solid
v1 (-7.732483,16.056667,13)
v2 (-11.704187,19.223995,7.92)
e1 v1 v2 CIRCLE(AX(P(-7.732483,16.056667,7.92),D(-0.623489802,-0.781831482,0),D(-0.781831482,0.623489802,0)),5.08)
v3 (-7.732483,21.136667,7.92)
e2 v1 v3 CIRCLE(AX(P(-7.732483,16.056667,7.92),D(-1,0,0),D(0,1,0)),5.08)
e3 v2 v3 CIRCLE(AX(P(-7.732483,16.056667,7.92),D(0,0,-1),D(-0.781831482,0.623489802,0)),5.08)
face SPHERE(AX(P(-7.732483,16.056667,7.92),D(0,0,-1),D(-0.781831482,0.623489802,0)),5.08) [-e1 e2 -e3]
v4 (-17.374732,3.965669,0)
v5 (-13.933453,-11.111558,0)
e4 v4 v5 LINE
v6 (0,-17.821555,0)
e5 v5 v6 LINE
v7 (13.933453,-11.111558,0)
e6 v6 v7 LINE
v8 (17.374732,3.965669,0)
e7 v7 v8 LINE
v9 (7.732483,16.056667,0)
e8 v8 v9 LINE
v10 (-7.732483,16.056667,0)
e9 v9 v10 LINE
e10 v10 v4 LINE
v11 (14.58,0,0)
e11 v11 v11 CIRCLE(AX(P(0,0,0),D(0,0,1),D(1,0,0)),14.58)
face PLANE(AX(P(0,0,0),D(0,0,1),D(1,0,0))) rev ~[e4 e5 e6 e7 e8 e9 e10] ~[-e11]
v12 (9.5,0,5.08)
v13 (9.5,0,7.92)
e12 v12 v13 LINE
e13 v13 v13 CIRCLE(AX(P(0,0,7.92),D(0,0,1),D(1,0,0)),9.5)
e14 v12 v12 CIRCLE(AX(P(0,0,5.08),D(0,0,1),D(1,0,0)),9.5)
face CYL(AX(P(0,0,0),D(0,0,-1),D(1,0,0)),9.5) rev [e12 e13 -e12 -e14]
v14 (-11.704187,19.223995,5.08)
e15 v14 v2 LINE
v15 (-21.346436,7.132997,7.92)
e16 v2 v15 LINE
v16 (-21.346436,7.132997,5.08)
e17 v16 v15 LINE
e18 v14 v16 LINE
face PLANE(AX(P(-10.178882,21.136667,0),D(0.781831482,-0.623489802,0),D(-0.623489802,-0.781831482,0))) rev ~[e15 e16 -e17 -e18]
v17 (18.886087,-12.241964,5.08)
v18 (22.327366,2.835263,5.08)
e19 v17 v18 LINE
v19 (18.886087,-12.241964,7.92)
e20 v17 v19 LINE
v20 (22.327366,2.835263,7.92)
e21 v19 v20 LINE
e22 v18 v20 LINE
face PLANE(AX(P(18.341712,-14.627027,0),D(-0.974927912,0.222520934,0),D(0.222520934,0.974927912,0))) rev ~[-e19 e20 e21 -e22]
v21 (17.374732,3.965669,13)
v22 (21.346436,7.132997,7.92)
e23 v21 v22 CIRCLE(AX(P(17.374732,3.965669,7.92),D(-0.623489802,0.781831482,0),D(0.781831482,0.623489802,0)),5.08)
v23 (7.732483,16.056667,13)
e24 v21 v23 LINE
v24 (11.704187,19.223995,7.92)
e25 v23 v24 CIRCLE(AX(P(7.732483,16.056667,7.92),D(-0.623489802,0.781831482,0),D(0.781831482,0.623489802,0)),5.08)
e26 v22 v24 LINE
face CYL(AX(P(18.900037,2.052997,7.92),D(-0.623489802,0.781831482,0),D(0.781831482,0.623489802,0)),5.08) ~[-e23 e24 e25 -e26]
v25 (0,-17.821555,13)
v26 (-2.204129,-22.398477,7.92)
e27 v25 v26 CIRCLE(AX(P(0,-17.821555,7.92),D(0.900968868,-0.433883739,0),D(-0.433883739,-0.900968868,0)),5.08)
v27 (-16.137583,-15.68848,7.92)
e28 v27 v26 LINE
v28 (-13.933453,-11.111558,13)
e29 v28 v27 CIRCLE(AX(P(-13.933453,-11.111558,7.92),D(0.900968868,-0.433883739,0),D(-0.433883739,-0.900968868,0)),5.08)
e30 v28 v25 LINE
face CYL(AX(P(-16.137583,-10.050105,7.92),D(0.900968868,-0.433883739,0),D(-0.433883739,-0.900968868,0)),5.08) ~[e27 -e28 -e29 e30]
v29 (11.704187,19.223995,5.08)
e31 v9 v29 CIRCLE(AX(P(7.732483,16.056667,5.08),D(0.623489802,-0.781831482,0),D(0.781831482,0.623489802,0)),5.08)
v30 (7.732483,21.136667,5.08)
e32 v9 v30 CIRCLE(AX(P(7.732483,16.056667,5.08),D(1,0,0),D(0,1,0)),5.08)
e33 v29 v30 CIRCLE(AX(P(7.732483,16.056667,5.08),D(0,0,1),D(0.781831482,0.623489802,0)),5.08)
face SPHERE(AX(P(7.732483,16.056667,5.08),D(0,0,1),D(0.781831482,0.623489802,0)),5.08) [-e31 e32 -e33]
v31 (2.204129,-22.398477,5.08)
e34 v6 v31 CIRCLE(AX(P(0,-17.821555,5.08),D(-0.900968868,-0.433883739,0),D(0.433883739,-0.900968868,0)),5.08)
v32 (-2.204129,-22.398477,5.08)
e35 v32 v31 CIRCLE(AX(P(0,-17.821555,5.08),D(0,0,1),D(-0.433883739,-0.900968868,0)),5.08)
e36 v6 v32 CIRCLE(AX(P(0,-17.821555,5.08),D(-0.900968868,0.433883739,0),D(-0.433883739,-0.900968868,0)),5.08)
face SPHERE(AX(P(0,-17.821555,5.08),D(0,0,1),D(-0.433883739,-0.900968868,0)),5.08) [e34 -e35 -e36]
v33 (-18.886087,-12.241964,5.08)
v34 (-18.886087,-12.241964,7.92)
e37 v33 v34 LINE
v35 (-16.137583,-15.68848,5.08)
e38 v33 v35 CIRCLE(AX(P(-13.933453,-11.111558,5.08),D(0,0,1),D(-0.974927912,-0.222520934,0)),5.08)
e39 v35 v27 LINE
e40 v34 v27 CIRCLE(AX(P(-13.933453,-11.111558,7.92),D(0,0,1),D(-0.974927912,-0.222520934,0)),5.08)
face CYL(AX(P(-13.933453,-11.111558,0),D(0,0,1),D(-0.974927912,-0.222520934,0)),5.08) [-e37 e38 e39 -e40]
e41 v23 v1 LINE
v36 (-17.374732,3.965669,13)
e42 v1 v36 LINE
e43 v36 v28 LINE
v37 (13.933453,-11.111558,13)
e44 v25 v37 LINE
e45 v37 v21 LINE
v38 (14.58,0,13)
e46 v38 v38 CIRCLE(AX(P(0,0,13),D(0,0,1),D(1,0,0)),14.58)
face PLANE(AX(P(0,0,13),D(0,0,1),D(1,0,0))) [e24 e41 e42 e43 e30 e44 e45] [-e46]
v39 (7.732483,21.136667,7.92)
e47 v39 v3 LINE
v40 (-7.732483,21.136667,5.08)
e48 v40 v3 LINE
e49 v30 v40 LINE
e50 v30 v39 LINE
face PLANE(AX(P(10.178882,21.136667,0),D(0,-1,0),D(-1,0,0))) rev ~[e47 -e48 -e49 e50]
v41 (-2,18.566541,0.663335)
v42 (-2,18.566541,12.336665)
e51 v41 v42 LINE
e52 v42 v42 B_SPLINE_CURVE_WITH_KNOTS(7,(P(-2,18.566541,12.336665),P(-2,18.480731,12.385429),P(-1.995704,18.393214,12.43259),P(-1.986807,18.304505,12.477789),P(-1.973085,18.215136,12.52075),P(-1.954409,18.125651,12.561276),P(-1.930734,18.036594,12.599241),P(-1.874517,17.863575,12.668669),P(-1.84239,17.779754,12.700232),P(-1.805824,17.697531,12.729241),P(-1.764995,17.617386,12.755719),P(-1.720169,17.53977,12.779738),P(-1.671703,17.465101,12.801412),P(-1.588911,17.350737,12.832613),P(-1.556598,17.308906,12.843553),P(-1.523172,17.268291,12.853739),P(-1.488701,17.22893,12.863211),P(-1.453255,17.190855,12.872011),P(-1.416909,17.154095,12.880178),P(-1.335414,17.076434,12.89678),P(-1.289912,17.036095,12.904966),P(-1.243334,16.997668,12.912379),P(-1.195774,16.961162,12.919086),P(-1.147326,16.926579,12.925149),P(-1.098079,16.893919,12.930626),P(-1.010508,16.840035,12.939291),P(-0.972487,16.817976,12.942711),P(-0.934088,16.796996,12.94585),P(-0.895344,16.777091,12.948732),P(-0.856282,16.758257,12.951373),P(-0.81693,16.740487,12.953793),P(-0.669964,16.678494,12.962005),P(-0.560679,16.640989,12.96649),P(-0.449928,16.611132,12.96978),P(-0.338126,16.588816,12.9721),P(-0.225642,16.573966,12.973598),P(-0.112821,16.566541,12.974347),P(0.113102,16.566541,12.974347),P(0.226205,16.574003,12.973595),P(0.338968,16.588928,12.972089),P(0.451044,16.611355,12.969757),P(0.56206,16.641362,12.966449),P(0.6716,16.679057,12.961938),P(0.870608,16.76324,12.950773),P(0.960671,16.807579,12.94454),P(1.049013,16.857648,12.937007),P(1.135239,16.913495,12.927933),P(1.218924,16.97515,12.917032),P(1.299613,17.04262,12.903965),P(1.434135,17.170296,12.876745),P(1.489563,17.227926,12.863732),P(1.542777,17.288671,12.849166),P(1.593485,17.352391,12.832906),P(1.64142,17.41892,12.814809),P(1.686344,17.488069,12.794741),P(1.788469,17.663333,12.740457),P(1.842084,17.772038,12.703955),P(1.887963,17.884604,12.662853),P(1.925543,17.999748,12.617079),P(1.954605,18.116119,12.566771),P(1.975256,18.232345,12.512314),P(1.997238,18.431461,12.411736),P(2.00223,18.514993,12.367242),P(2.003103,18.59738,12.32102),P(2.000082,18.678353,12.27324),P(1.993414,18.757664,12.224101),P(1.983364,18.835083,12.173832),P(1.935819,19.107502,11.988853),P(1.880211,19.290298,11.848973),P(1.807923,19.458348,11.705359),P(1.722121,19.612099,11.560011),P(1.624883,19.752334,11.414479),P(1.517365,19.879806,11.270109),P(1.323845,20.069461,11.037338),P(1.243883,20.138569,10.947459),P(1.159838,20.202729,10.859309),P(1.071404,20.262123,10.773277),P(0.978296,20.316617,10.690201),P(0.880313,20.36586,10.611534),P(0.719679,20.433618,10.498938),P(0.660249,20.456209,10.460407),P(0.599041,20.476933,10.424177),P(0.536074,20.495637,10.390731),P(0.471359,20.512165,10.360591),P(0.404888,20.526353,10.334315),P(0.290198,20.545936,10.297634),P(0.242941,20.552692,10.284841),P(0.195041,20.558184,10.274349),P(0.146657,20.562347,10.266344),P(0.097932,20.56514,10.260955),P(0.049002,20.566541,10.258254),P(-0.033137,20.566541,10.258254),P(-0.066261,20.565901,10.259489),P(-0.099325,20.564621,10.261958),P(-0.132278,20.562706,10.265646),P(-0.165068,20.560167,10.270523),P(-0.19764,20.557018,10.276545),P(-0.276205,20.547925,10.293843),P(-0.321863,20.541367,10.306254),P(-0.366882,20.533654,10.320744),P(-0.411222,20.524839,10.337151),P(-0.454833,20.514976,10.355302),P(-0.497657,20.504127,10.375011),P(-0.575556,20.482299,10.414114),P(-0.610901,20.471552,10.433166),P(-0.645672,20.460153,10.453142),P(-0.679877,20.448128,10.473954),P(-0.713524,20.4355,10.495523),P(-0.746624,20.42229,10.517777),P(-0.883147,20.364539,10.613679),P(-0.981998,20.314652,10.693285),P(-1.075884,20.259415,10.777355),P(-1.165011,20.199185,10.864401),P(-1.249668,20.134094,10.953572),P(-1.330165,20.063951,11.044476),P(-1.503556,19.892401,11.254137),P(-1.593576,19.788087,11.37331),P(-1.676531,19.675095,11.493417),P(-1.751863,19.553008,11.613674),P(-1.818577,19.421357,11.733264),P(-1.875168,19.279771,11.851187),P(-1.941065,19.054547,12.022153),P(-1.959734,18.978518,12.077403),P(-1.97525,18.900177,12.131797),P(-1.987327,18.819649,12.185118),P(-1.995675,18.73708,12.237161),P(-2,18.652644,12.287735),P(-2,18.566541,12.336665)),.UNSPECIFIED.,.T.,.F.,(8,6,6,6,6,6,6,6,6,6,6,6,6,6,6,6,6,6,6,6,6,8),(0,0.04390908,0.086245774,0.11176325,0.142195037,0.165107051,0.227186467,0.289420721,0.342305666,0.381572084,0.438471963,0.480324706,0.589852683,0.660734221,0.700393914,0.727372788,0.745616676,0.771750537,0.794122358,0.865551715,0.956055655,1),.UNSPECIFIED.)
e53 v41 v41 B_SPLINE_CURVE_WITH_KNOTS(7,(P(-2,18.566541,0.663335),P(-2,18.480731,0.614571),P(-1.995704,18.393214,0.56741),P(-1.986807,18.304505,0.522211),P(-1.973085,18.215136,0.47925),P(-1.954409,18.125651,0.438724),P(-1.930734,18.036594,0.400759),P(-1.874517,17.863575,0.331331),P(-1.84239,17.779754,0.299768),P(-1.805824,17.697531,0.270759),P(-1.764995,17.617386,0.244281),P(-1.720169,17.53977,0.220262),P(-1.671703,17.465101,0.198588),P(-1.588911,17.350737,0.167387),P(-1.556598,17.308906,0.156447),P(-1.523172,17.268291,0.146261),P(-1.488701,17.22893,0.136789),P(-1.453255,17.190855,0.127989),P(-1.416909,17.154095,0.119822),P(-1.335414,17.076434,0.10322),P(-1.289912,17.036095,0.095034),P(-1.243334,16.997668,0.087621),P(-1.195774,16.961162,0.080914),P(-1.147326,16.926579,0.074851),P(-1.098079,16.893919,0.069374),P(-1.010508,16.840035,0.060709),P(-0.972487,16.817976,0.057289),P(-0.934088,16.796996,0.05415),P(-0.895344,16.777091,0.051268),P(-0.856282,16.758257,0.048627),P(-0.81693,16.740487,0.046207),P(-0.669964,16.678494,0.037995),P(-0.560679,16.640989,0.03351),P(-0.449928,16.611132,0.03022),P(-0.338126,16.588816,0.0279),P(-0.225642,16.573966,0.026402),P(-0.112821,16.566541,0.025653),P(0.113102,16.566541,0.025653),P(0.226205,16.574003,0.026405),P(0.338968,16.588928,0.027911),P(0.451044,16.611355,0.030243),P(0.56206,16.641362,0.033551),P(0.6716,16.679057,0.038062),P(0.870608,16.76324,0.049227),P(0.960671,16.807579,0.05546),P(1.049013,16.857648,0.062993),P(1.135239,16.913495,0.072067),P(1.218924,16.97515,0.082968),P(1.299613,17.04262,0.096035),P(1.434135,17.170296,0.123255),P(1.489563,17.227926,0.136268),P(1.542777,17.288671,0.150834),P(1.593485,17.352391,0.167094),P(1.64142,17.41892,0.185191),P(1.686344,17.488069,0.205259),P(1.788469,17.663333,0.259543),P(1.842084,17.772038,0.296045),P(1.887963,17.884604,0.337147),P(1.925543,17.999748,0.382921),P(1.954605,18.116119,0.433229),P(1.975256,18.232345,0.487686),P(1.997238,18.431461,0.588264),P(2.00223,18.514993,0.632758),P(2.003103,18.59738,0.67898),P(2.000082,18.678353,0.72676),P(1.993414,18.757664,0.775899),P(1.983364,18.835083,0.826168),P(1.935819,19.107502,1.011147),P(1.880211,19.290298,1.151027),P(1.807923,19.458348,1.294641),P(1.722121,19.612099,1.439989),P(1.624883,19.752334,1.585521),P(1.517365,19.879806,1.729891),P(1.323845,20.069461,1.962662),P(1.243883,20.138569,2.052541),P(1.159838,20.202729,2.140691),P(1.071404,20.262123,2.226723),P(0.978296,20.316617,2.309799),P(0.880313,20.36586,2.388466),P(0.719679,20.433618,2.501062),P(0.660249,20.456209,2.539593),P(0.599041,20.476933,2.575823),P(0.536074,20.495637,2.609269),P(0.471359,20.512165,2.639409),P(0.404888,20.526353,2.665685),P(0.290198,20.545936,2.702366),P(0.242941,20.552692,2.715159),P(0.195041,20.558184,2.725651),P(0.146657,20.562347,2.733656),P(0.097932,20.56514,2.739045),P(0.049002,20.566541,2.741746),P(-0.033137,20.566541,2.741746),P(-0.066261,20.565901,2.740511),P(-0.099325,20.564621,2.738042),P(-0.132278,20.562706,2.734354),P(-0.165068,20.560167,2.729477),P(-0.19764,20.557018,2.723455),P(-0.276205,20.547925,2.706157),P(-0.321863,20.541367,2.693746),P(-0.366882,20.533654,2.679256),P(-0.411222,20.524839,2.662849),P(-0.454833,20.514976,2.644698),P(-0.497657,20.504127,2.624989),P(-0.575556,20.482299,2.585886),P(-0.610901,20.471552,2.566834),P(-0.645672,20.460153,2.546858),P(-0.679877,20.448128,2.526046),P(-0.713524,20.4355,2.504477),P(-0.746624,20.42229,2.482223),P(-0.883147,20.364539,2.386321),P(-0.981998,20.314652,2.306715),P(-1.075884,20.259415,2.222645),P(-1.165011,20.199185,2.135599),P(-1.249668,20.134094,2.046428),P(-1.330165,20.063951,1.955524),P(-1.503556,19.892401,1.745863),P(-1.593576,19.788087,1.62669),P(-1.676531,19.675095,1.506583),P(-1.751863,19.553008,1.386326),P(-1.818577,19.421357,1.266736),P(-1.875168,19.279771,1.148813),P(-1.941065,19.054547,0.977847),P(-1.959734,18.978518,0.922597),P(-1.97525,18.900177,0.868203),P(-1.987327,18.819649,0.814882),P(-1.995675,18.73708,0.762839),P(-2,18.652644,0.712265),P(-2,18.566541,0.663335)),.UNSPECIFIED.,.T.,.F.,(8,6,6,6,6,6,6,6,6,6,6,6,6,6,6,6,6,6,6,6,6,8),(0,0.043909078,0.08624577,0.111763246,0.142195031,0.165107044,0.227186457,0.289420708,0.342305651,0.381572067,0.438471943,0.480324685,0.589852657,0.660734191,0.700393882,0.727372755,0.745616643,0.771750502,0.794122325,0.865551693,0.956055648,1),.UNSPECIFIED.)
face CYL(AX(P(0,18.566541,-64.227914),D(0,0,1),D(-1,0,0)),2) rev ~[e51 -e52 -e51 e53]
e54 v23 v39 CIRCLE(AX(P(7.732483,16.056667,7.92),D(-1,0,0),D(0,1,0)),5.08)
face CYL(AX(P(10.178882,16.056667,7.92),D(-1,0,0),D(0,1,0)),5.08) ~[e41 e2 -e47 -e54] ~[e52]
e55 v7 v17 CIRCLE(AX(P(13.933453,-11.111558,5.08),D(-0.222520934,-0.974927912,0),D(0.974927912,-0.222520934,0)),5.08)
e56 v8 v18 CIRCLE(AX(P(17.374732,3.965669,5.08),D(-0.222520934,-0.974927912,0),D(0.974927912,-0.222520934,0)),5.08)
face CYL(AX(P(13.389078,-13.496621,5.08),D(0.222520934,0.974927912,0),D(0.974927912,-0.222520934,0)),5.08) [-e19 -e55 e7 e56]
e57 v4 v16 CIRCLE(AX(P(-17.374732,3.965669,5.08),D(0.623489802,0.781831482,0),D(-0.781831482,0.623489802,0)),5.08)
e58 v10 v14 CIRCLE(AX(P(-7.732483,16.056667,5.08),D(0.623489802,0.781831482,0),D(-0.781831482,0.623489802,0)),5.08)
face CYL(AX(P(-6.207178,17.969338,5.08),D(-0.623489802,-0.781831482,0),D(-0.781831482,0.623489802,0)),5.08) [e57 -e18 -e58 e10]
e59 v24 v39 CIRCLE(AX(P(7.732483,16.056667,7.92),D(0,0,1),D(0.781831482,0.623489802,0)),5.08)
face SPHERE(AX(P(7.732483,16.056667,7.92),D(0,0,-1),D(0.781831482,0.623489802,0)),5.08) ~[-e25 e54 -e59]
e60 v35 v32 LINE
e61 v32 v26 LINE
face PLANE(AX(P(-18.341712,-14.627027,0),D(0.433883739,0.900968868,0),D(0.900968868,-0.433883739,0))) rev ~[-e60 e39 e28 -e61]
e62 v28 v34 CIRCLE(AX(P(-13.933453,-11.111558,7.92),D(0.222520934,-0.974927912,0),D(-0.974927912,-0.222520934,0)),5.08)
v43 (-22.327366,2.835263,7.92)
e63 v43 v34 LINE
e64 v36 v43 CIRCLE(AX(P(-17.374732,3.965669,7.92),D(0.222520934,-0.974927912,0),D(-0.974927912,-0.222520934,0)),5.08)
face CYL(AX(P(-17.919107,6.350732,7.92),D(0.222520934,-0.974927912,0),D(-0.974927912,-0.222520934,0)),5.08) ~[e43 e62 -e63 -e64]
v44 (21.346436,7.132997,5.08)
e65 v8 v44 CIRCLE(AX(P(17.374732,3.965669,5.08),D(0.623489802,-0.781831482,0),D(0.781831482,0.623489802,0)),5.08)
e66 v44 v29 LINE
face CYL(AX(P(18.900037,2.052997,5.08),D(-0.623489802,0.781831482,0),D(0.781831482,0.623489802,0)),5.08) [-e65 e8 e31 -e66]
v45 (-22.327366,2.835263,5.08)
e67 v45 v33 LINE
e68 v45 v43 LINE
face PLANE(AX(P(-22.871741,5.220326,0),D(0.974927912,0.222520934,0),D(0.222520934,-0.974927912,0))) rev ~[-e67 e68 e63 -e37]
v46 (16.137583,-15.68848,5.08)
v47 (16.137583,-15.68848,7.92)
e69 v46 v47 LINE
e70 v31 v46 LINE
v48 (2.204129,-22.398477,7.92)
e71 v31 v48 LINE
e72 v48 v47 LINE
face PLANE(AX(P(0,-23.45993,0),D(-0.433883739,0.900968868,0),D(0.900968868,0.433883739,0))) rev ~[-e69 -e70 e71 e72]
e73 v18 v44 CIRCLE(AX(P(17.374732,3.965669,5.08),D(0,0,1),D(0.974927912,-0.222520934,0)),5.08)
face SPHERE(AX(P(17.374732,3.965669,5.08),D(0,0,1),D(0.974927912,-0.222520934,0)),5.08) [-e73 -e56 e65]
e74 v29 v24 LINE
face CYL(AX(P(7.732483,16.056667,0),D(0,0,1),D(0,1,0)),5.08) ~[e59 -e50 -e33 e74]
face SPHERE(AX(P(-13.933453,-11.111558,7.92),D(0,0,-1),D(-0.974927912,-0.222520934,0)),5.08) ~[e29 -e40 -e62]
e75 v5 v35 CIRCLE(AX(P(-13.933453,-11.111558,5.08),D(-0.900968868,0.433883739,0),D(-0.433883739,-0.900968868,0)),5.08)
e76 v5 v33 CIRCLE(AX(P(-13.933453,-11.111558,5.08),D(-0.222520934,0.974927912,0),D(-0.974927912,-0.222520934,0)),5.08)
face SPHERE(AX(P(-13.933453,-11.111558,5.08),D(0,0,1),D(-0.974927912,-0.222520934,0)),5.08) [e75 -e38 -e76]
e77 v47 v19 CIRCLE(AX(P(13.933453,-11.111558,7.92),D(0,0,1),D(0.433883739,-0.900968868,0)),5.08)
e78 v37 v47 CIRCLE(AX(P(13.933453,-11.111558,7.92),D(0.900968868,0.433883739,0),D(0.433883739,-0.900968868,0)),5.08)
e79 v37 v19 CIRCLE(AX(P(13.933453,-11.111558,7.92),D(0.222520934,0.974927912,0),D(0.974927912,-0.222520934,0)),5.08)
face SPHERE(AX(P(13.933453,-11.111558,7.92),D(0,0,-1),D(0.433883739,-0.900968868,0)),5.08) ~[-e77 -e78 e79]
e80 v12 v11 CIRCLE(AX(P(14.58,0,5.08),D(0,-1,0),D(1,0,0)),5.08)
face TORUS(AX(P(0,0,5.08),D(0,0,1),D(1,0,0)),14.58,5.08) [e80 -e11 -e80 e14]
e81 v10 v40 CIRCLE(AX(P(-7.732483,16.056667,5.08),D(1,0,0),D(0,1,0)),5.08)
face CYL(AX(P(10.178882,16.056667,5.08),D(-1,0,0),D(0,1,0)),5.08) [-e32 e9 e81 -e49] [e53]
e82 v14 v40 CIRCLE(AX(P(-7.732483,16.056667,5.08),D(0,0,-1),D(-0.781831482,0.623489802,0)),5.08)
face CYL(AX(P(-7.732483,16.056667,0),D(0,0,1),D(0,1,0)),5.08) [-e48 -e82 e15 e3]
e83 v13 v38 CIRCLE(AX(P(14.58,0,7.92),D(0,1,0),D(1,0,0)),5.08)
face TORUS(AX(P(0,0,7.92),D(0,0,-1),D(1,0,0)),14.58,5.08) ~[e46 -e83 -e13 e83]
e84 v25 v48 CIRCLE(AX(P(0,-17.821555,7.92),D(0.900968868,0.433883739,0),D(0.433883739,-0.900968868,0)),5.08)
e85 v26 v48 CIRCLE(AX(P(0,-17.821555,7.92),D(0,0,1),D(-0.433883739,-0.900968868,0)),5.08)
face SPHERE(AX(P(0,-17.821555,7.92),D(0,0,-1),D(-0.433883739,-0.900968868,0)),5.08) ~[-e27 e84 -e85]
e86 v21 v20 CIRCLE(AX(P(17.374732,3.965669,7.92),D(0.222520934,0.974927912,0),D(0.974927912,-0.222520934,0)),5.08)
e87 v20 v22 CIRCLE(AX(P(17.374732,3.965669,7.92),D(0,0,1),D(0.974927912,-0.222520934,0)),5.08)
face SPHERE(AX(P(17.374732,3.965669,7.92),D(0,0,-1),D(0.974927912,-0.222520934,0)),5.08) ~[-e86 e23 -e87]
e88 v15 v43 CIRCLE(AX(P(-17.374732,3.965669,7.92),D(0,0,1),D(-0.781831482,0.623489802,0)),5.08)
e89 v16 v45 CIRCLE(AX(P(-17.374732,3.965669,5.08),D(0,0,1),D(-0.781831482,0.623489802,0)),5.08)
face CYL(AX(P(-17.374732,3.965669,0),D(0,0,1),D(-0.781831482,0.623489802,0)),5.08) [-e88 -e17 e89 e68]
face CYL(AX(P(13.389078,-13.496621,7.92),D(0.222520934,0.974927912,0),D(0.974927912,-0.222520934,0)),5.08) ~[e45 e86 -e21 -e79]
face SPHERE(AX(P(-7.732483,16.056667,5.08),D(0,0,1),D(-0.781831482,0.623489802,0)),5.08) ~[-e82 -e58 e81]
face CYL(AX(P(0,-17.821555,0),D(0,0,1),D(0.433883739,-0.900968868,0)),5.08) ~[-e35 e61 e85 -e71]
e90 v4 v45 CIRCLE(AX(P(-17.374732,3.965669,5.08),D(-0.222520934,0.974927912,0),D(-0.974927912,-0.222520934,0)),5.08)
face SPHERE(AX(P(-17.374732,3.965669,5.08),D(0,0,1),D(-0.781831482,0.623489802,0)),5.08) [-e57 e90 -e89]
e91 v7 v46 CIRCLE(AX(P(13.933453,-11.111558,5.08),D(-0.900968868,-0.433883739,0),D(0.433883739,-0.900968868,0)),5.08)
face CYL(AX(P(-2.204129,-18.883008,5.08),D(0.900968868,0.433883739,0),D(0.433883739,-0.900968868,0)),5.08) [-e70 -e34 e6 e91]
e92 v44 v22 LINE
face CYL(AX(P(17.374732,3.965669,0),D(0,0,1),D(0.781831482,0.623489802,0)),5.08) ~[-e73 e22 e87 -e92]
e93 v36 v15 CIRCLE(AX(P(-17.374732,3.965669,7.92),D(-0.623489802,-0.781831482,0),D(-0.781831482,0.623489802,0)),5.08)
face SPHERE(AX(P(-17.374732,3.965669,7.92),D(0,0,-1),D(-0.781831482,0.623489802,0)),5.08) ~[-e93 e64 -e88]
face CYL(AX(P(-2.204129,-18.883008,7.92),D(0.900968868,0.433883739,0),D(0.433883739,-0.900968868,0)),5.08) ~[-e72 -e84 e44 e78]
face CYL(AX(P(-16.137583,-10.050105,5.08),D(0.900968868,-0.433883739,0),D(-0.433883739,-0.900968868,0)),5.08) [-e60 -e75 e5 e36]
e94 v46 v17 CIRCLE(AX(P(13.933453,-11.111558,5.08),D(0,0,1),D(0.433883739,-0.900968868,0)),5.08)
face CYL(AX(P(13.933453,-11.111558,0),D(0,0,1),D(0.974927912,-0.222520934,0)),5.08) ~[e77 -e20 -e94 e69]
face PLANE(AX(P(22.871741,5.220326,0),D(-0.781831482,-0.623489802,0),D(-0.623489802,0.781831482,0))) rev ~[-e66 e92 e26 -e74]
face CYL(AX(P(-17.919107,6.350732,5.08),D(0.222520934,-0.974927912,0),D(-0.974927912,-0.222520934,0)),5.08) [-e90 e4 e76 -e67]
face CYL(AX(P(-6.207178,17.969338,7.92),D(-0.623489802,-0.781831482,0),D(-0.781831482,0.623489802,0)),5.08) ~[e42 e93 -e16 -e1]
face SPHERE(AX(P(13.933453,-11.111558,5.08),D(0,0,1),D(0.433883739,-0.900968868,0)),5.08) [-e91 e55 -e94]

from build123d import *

# Parameters (mm, degrees)
F0_R     = 9.5
F1_DEPTH = 13
F2_R     = 5.08
F4_D     = 4


with BuildPart() as f1:
    # F0 (on Top) → F1 (new body)
    with BuildSketch(Plane.XY):
        Polygon((10.1788821743, 21.1366666282), (-10.1788821743, 21.1366666282), (-22.8717406344, 5.2203255477), (-18.3417118982, -14.6270271454), (0, -23.4599300611), (18.3417118982, -14.6270271454), (22.8717406344, 5.2203255477), align=None)
        Circle(F0_R, mode=Mode.SUBTRACT)
    extrude(amount=F1_DEPTH)

    # F2
    f2_edges = [f1.edges().sort_by_distance(p)[0] for p in [
        (-9.5, 0, 0),
        (-9.5, 0, 13),
        (-10.178882, 21.136667, 6.5),
        (-22.871741, 5.220326, 6.5),
        (-16.525311, 13.178496, 0),
        (-16.525311, 13.178496, 13),
        (-18.341712, -14.627027, 6.5),
        (-20.606726, -4.703351, 0),
        (-20.606726, -4.703351, 13),
        (0, -23.45993, 6.5),
        (-9.170856, -19.043479, 0),
        (-9.170856, -19.043479, 13),
        (18.341712, -14.627027, 6.5),
        (9.170856, -19.043479, 0),
        (9.170856, -19.043479, 13),
        (22.871741, 5.220326, 6.5),
        (20.606726, -4.703351, 0),
        (20.606726, -4.703351, 13),
        (10.178882, 21.136667, 6.5),
        (16.525311, 13.178496, 0),
        (16.525311, 13.178496, 13),
        (0, 21.136667, 0),
        (0, 21.136667, 13),
    ]]
    fillet(f2_edges, radius=F2_R)

    # F4 (through all)
    with Locations(Plane(origin=(0, 0, 0), x_dir=(1, 0, 0), z_dir=(0, 0, -1))):
        with Locations((0, -18.5665413737)):
            Hole(F4_D / 2)


solid = f1.part
